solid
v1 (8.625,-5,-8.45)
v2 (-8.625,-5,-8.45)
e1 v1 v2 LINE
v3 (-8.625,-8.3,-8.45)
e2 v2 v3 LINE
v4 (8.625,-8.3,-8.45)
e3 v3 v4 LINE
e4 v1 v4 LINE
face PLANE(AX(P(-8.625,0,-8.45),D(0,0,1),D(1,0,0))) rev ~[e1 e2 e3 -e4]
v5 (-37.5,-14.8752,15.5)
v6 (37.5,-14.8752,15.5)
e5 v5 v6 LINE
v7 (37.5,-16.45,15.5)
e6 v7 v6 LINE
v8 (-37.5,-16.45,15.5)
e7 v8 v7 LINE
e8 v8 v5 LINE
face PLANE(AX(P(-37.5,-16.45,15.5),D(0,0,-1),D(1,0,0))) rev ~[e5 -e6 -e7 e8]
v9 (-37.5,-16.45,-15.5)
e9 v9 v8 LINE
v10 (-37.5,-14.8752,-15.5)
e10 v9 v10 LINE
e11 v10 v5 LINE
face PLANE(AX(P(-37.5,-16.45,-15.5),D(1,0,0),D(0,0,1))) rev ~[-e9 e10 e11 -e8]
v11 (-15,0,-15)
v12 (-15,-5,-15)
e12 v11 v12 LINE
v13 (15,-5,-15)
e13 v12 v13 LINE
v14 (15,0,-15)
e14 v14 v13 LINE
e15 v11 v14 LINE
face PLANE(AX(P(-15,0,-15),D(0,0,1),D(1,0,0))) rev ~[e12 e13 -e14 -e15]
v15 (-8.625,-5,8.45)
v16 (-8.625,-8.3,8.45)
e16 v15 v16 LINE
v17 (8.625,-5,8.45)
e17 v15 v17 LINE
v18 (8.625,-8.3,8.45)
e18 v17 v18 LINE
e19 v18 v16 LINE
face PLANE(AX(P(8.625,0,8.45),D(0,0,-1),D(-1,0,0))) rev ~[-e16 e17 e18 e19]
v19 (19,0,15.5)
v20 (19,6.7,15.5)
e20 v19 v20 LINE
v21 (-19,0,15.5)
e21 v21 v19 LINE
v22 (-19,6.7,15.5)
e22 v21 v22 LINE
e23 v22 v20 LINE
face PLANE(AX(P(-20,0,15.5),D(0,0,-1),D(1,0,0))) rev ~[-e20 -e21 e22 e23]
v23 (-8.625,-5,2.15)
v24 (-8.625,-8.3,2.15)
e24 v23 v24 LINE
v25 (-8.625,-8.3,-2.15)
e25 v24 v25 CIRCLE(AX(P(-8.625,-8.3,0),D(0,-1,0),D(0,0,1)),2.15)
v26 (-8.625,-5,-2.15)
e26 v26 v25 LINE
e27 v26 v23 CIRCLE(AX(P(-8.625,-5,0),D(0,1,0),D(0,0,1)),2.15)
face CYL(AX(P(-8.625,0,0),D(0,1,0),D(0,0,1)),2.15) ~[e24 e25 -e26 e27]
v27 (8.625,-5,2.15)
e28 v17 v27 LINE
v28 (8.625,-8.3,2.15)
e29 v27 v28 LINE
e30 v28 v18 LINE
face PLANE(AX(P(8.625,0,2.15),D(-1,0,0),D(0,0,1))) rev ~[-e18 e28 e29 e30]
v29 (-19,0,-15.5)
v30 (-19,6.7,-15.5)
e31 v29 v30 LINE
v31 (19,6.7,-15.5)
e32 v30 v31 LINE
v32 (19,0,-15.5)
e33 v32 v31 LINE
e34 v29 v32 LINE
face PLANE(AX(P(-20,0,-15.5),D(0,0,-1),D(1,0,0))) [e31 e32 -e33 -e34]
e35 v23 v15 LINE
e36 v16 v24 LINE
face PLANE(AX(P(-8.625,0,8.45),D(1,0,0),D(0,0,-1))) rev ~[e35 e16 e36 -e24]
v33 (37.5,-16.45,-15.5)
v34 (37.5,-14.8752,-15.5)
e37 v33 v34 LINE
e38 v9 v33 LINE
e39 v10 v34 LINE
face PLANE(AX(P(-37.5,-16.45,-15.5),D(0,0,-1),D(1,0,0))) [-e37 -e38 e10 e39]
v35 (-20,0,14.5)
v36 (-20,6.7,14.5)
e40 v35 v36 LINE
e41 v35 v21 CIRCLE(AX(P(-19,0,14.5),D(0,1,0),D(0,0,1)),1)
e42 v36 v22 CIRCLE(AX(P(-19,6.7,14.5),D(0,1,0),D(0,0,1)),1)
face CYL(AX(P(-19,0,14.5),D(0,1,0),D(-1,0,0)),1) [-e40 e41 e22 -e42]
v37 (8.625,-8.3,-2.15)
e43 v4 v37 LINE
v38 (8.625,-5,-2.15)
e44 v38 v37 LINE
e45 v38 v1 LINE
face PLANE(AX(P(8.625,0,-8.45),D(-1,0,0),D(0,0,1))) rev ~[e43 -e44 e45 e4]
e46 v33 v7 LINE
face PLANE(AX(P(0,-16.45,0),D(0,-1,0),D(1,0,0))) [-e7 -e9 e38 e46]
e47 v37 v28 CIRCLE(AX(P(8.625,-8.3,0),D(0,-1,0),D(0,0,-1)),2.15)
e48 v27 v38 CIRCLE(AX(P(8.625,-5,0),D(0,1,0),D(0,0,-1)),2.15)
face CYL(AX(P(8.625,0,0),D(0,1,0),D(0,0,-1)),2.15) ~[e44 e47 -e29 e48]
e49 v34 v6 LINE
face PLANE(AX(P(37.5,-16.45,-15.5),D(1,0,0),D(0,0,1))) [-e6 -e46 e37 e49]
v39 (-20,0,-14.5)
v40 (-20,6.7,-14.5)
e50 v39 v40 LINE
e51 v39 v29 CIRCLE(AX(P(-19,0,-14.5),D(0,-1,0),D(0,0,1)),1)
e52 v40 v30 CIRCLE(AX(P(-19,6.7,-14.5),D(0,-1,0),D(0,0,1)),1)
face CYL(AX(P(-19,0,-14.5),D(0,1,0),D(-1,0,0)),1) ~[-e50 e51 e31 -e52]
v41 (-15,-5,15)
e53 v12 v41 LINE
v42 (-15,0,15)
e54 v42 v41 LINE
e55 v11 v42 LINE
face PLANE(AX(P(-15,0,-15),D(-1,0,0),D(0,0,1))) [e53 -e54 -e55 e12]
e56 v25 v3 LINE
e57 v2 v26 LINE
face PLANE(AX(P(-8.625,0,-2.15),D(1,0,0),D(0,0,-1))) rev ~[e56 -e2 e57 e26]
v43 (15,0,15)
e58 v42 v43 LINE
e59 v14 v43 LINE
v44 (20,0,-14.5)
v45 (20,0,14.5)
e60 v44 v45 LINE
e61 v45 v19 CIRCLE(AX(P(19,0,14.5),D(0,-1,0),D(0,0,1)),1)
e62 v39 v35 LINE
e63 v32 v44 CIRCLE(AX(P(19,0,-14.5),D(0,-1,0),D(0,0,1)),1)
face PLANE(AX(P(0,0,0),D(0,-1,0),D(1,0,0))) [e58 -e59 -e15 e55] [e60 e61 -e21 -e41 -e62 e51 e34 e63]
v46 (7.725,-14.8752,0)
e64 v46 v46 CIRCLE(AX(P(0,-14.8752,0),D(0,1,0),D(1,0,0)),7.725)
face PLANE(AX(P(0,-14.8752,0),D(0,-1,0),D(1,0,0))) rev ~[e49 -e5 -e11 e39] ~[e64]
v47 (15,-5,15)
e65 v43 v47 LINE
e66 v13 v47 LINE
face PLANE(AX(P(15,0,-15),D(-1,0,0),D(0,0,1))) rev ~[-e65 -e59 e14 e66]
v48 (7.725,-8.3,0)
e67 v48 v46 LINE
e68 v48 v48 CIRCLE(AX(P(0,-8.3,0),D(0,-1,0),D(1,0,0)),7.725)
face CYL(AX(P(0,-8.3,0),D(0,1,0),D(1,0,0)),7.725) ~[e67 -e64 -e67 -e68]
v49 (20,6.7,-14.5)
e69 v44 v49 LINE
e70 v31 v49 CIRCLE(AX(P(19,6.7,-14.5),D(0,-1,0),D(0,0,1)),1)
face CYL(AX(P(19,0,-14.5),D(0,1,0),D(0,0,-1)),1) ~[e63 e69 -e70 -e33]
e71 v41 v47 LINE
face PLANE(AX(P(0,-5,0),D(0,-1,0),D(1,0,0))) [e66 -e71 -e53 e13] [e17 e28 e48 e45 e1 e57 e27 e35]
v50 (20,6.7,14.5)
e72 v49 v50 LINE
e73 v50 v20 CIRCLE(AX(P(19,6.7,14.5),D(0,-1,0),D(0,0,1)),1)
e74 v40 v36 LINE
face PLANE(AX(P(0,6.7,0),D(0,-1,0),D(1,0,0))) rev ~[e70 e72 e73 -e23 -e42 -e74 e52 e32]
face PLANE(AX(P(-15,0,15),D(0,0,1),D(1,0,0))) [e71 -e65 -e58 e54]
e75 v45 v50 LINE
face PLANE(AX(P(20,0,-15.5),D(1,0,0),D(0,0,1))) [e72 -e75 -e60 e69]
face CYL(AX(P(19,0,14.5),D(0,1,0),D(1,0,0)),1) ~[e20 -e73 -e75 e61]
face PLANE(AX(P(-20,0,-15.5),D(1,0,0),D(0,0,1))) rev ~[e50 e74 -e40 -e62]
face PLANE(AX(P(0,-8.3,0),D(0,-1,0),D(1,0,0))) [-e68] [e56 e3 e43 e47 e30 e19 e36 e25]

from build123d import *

# Parameters (mm, degrees)
F0_W      = 40
F0_H      = 31
F1_DEPTH  = 6.7
F2_R      = 1
F3_W      = 30
F3_H      = 30
F4_DEPTH  = 5
F6_DEPTH  = 8.3
F7_R      = 7.725
F8_DEPTH  = 8.15
F9_W      = 75
F9_H      = 31
F10_DEPTH = 1.5748


with BuildPart() as f1:
    # F0 (on Front) → F1 (new body)
    with BuildSketch(Plane.XZ):
        Rectangle(F0_W, F0_H)
    extrude(amount=-F1_DEPTH)

    # F2
    f2_edges = [f1.edges().sort_by_distance(p)[0] for p in [
        (-20, 3.35, 15.5),
        (-20, 3.35, -15.5),
        (20, 3.35, 15.5),
        (20, 3.35, -15.5),
    ]]
    fillet(f2_edges, radius=F2_R)

    # F3 (on face) → F4 (join)
    with BuildSketch(Plane.XZ):
        Rectangle(F3_W, F3_H)
    extrude(amount=F4_DEPTH)

    # F5 (on face) → F6 (join)
    with BuildSketch(Plane.XZ):
        Polygon((8.625, 2.15), (8.625, 8.45), (-8.625, 8.45), (-8.625, 2.15), (-8.625, -2.15), (-8.625, -8.45), (8.625, -8.45), (8.625, -2.15), align=None)
        with BuildLine():
            ThreePointArc((8.625, -2.15), (10.775, 0), (8.625, 2.15))
            Line((8.625, 2.15), (8.625, -2.15))
        make_face()
        with BuildLine():
            Line((-8.625, -2.15), (-8.625, 2.15))
            ThreePointArc((-8.625, 2.15), (-10.775, 0), (-8.625, -2.15))
        make_face()
    extrude(amount=F6_DEPTH)

    # F7 (on face) → F8 (join)
    with BuildSketch(Plane.XZ.offset(8.3)):
        Circle(F7_R)
    extrude(amount=F8_DEPTH)

    # F9 (on face) → F10 (join)
    with BuildSketch(Plane.XZ.offset(16.45)):
        Rectangle(F9_W, F9_H)
    extrude(amount=-F10_DEPTH)


solid = f1.part
